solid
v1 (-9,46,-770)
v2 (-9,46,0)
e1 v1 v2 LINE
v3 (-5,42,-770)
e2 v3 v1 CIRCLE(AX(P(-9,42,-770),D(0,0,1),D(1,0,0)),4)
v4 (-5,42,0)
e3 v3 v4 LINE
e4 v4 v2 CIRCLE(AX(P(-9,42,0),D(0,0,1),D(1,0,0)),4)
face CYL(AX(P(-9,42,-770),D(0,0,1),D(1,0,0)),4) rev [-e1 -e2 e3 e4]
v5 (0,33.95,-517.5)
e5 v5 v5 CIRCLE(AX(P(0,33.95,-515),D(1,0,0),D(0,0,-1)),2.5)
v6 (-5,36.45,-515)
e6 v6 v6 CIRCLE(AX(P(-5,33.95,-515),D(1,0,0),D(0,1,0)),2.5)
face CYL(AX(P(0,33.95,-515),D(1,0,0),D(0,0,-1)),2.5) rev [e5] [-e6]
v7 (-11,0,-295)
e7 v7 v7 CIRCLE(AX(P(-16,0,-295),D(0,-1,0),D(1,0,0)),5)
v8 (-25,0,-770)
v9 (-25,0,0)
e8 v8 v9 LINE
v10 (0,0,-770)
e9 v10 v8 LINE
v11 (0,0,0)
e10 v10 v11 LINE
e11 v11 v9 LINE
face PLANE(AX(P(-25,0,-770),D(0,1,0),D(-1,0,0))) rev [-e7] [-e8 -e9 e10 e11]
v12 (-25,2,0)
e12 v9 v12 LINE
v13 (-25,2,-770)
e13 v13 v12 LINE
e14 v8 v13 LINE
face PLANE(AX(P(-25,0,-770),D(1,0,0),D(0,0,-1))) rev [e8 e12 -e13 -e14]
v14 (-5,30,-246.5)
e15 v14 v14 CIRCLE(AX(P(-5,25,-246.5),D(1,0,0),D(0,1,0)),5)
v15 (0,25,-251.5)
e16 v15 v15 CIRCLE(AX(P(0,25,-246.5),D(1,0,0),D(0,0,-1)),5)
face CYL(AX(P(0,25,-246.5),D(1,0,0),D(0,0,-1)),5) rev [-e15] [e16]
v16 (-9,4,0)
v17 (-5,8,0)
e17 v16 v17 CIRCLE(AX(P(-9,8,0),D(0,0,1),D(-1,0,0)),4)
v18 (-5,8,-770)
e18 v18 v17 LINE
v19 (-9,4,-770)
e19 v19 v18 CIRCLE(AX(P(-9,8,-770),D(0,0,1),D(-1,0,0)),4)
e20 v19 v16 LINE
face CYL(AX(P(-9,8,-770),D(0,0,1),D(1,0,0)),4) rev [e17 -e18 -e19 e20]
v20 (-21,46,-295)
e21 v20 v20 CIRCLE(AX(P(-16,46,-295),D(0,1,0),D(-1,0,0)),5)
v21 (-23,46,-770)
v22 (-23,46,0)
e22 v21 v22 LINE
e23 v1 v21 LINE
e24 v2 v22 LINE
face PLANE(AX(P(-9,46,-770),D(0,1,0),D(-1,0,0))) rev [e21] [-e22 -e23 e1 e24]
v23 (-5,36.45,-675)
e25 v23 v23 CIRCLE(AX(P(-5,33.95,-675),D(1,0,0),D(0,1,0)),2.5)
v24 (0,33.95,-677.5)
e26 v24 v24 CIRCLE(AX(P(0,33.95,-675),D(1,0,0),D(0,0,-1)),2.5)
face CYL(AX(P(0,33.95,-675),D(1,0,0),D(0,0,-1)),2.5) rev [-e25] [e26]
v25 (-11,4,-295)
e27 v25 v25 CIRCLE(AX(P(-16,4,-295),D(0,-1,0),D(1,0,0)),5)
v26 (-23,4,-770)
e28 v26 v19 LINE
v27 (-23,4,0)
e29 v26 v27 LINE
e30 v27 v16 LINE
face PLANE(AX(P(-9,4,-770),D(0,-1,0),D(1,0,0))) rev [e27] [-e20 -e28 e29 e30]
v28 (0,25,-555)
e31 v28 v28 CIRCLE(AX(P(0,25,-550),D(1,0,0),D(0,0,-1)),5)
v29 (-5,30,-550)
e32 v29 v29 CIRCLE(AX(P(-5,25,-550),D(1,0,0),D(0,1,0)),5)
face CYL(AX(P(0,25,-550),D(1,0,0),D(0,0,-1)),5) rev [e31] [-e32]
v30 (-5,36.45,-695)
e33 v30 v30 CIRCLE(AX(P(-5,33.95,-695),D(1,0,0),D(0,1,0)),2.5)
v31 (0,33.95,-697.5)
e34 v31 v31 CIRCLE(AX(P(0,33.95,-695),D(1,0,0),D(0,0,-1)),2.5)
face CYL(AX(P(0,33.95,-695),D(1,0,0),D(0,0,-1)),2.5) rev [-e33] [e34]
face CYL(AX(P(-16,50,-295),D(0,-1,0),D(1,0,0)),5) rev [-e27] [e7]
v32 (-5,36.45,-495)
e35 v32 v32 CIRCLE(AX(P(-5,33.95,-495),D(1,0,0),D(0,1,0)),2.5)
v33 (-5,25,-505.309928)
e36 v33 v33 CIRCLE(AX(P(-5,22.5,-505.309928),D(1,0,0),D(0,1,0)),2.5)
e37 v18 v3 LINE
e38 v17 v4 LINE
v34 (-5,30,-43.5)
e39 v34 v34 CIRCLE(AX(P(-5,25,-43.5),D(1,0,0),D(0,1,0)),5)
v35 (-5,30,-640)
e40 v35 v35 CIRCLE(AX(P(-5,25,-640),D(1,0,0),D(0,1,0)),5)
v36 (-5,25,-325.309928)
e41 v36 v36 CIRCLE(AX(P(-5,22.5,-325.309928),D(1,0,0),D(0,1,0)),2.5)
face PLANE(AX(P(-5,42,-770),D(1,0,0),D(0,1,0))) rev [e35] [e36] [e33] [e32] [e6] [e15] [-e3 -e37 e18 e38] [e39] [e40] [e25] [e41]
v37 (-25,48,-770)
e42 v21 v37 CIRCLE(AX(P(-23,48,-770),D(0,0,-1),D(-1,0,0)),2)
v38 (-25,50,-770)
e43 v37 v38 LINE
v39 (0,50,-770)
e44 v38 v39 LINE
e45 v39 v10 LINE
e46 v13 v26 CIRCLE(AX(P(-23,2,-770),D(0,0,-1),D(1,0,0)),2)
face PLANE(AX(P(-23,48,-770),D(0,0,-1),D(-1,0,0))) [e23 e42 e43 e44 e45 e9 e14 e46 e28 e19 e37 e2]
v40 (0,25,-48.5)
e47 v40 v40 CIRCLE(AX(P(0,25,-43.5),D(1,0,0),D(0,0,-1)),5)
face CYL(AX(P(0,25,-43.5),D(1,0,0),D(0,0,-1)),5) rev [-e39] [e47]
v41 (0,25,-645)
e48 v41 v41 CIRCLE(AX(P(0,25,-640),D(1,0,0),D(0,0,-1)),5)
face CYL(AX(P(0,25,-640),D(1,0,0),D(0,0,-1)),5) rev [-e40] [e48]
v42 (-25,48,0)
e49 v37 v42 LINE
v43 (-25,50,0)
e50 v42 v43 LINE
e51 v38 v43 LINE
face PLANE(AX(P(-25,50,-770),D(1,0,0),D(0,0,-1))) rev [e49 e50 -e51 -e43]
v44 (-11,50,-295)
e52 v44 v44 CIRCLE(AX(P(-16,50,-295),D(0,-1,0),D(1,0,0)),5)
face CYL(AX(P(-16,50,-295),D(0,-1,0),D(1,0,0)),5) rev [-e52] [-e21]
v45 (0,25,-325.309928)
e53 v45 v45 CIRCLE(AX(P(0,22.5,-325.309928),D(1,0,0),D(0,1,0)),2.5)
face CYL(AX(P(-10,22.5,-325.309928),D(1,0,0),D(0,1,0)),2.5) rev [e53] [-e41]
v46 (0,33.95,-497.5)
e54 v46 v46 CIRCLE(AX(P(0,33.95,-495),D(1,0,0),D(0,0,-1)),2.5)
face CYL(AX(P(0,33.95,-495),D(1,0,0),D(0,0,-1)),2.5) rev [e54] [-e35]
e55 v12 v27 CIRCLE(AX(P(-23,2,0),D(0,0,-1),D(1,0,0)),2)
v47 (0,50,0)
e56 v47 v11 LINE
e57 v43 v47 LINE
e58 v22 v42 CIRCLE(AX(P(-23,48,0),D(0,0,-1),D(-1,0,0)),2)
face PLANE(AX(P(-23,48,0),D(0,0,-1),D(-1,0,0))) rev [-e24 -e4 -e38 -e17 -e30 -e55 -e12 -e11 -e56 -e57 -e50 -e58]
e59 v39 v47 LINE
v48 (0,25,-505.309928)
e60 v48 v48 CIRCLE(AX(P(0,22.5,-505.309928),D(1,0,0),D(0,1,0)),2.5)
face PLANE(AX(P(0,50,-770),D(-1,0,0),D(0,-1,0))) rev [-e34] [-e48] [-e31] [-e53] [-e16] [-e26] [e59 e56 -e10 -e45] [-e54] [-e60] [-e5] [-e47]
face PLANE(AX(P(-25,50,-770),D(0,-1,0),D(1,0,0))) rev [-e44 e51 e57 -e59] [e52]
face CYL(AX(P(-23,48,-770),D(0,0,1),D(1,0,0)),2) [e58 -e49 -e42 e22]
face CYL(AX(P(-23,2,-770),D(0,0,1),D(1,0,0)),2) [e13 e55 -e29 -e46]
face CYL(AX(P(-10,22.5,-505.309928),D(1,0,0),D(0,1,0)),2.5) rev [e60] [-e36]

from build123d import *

# Parameters (mm, degrees)
STRUCTURAL_MEMBER1_DEPTH       = 770
F_10_0_10_DIAMETER_HOLE1_D     = 10
F_10_0_10_DIAMETER_HOLE1_DEPTH = 11
F_10_0_10_DIAMETER_HOLE1_TIP   = 3.004303095
SKETCH28_R                     = 5
CUT_EXTRUDE1_DEPTH             = 773.026553947
F_10_0_10_DIAMETER_HOLE2_D     = 10
F_10_0_10_DIAMETER_HOLE2_DEPTH = 11
F_10_0_10_DIAMETER_HOLE2_TIP   = 3.004303095
F_5_0_5_DIAMETER_HOLE1_D       = 5
F_5_0_5_DIAMETER_HOLE1_DEPTH   = 11
F_5_0_5_DIAMETER_HOLE1_TIP     = 1.502151548
SKETCH33_R                     = 2.5
CUT_EXTRUDE2_DEPTH             = 10


with BuildPart() as part:
    # Sketch11 → Structural Member1 (new body)
    with BuildSketch(Plane(origin=(0, 0, 0), x_dir=(-1, 0, 0), z_dir=(0, 0, -1))):
        with BuildLine():
            Line((25, 50), (0, 50))
            Line((0, 50), (0, 0))
            Line((0, 0), (25, 0))
            Line((25, 0), (25, 2))
            ThreePointArc((25, 2), (24.414213562, 3.414213562), (23, 4))
            Line((23, 4), (9, 4))
            ThreePointArc((9, 4), (6.171572875, 5.171572875), (5, 8))
            Line((5, 8), (5, 42))
            ThreePointArc((5, 42), (6.171572875, 44.828427125), (9, 46))
            Line((9, 46), (23, 46))
            ThreePointArc((23, 46), (24.414213562, 46.585786438), (25, 48))
            Line((25, 48), (25, 50))
        make_face()
    extrude(amount=STRUCTURAL_MEMBER1_DEPTH)

    # Ø10.0 (10) Diameter Hole1
    with Locations(Plane(origin=(0, 0, 0), x_dir=(0, 0, -1), z_dir=(1, 0, 0))):
        with Locations((550, 25), (640, 25)):
            Hole(F_10_0_10_DIAMETER_HOLE1_D / 2, depth=F_10_0_10_DIAMETER_HOLE1_DEPTH)
            with Locations((0, 0, -(F_10_0_10_DIAMETER_HOLE1_DEPTH + F_10_0_10_DIAMETER_HOLE1_TIP / 2))):  # 118° drill point
                Cone(0, F_10_0_10_DIAMETER_HOLE1_D / 2, F_10_0_10_DIAMETER_HOLE1_TIP, mode=Mode.SUBTRACT)

    # Sketch28 → Cut-Extrude1 (cut, through all)
    with BuildSketch(Plane.XZ):
        with Locations((-16, -295)):
            Circle(SKETCH28_R)
    extrude(amount=-CUT_EXTRUDE1_DEPTH, mode=Mode.SUBTRACT)

    # Ø10.0 (10) Diameter Hole2
    with Locations(Plane(origin=(0, 0, 0), x_dir=(0, 0, -1), z_dir=(1, 0, 0))):
        with Locations((43.5, 25), (246.5, 25)):
            Hole(F_10_0_10_DIAMETER_HOLE2_D / 2, depth=F_10_0_10_DIAMETER_HOLE2_DEPTH)
            with Locations((0, 0, -(F_10_0_10_DIAMETER_HOLE2_DEPTH + F_10_0_10_DIAMETER_HOLE2_TIP / 2))):  # 118° drill point
                Cone(0, F_10_0_10_DIAMETER_HOLE2_D / 2, F_10_0_10_DIAMETER_HOLE2_TIP, mode=Mode.SUBTRACT)

    # Ø5.0 (5) Diameter Hole1
    with Locations(Plane(origin=(0, 0, 0), x_dir=(0, 0, -1), z_dir=(1, 0, 0))):
        with Locations((515, 33.95), (675, 33.95), (495, 33.95), (695, 33.95)):
            Hole(F_5_0_5_DIAMETER_HOLE1_D / 2, depth=F_5_0_5_DIAMETER_HOLE1_DEPTH)
            with Locations((0, 0, -(F_5_0_5_DIAMETER_HOLE1_DEPTH + F_5_0_5_DIAMETER_HOLE1_TIP / 2))):  # 118° drill point
                Cone(0, F_5_0_5_DIAMETER_HOLE1_D / 2, F_5_0_5_DIAMETER_HOLE1_TIP, mode=Mode.SUBTRACT)

    # Sketch33 → Cut-Extrude2 (cut)
    with BuildSketch(Plane(origin=(0, 0, 0), x_dir=(0, 0, -1), z_dir=(1, 0, 0))):
        with Locations(Location((505.309927761, 22.5, 0), (0, 0, 90))):
            Circle(SKETCH33_R)
        with Locations(Location((325.309927761, 22.5, 0), (0, 0, 90))):
            Circle(SKETCH33_R)
    extrude(amount=-CUT_EXTRUDE2_DEPTH, mode=Mode.SUBTRACT)


solid = part.part
